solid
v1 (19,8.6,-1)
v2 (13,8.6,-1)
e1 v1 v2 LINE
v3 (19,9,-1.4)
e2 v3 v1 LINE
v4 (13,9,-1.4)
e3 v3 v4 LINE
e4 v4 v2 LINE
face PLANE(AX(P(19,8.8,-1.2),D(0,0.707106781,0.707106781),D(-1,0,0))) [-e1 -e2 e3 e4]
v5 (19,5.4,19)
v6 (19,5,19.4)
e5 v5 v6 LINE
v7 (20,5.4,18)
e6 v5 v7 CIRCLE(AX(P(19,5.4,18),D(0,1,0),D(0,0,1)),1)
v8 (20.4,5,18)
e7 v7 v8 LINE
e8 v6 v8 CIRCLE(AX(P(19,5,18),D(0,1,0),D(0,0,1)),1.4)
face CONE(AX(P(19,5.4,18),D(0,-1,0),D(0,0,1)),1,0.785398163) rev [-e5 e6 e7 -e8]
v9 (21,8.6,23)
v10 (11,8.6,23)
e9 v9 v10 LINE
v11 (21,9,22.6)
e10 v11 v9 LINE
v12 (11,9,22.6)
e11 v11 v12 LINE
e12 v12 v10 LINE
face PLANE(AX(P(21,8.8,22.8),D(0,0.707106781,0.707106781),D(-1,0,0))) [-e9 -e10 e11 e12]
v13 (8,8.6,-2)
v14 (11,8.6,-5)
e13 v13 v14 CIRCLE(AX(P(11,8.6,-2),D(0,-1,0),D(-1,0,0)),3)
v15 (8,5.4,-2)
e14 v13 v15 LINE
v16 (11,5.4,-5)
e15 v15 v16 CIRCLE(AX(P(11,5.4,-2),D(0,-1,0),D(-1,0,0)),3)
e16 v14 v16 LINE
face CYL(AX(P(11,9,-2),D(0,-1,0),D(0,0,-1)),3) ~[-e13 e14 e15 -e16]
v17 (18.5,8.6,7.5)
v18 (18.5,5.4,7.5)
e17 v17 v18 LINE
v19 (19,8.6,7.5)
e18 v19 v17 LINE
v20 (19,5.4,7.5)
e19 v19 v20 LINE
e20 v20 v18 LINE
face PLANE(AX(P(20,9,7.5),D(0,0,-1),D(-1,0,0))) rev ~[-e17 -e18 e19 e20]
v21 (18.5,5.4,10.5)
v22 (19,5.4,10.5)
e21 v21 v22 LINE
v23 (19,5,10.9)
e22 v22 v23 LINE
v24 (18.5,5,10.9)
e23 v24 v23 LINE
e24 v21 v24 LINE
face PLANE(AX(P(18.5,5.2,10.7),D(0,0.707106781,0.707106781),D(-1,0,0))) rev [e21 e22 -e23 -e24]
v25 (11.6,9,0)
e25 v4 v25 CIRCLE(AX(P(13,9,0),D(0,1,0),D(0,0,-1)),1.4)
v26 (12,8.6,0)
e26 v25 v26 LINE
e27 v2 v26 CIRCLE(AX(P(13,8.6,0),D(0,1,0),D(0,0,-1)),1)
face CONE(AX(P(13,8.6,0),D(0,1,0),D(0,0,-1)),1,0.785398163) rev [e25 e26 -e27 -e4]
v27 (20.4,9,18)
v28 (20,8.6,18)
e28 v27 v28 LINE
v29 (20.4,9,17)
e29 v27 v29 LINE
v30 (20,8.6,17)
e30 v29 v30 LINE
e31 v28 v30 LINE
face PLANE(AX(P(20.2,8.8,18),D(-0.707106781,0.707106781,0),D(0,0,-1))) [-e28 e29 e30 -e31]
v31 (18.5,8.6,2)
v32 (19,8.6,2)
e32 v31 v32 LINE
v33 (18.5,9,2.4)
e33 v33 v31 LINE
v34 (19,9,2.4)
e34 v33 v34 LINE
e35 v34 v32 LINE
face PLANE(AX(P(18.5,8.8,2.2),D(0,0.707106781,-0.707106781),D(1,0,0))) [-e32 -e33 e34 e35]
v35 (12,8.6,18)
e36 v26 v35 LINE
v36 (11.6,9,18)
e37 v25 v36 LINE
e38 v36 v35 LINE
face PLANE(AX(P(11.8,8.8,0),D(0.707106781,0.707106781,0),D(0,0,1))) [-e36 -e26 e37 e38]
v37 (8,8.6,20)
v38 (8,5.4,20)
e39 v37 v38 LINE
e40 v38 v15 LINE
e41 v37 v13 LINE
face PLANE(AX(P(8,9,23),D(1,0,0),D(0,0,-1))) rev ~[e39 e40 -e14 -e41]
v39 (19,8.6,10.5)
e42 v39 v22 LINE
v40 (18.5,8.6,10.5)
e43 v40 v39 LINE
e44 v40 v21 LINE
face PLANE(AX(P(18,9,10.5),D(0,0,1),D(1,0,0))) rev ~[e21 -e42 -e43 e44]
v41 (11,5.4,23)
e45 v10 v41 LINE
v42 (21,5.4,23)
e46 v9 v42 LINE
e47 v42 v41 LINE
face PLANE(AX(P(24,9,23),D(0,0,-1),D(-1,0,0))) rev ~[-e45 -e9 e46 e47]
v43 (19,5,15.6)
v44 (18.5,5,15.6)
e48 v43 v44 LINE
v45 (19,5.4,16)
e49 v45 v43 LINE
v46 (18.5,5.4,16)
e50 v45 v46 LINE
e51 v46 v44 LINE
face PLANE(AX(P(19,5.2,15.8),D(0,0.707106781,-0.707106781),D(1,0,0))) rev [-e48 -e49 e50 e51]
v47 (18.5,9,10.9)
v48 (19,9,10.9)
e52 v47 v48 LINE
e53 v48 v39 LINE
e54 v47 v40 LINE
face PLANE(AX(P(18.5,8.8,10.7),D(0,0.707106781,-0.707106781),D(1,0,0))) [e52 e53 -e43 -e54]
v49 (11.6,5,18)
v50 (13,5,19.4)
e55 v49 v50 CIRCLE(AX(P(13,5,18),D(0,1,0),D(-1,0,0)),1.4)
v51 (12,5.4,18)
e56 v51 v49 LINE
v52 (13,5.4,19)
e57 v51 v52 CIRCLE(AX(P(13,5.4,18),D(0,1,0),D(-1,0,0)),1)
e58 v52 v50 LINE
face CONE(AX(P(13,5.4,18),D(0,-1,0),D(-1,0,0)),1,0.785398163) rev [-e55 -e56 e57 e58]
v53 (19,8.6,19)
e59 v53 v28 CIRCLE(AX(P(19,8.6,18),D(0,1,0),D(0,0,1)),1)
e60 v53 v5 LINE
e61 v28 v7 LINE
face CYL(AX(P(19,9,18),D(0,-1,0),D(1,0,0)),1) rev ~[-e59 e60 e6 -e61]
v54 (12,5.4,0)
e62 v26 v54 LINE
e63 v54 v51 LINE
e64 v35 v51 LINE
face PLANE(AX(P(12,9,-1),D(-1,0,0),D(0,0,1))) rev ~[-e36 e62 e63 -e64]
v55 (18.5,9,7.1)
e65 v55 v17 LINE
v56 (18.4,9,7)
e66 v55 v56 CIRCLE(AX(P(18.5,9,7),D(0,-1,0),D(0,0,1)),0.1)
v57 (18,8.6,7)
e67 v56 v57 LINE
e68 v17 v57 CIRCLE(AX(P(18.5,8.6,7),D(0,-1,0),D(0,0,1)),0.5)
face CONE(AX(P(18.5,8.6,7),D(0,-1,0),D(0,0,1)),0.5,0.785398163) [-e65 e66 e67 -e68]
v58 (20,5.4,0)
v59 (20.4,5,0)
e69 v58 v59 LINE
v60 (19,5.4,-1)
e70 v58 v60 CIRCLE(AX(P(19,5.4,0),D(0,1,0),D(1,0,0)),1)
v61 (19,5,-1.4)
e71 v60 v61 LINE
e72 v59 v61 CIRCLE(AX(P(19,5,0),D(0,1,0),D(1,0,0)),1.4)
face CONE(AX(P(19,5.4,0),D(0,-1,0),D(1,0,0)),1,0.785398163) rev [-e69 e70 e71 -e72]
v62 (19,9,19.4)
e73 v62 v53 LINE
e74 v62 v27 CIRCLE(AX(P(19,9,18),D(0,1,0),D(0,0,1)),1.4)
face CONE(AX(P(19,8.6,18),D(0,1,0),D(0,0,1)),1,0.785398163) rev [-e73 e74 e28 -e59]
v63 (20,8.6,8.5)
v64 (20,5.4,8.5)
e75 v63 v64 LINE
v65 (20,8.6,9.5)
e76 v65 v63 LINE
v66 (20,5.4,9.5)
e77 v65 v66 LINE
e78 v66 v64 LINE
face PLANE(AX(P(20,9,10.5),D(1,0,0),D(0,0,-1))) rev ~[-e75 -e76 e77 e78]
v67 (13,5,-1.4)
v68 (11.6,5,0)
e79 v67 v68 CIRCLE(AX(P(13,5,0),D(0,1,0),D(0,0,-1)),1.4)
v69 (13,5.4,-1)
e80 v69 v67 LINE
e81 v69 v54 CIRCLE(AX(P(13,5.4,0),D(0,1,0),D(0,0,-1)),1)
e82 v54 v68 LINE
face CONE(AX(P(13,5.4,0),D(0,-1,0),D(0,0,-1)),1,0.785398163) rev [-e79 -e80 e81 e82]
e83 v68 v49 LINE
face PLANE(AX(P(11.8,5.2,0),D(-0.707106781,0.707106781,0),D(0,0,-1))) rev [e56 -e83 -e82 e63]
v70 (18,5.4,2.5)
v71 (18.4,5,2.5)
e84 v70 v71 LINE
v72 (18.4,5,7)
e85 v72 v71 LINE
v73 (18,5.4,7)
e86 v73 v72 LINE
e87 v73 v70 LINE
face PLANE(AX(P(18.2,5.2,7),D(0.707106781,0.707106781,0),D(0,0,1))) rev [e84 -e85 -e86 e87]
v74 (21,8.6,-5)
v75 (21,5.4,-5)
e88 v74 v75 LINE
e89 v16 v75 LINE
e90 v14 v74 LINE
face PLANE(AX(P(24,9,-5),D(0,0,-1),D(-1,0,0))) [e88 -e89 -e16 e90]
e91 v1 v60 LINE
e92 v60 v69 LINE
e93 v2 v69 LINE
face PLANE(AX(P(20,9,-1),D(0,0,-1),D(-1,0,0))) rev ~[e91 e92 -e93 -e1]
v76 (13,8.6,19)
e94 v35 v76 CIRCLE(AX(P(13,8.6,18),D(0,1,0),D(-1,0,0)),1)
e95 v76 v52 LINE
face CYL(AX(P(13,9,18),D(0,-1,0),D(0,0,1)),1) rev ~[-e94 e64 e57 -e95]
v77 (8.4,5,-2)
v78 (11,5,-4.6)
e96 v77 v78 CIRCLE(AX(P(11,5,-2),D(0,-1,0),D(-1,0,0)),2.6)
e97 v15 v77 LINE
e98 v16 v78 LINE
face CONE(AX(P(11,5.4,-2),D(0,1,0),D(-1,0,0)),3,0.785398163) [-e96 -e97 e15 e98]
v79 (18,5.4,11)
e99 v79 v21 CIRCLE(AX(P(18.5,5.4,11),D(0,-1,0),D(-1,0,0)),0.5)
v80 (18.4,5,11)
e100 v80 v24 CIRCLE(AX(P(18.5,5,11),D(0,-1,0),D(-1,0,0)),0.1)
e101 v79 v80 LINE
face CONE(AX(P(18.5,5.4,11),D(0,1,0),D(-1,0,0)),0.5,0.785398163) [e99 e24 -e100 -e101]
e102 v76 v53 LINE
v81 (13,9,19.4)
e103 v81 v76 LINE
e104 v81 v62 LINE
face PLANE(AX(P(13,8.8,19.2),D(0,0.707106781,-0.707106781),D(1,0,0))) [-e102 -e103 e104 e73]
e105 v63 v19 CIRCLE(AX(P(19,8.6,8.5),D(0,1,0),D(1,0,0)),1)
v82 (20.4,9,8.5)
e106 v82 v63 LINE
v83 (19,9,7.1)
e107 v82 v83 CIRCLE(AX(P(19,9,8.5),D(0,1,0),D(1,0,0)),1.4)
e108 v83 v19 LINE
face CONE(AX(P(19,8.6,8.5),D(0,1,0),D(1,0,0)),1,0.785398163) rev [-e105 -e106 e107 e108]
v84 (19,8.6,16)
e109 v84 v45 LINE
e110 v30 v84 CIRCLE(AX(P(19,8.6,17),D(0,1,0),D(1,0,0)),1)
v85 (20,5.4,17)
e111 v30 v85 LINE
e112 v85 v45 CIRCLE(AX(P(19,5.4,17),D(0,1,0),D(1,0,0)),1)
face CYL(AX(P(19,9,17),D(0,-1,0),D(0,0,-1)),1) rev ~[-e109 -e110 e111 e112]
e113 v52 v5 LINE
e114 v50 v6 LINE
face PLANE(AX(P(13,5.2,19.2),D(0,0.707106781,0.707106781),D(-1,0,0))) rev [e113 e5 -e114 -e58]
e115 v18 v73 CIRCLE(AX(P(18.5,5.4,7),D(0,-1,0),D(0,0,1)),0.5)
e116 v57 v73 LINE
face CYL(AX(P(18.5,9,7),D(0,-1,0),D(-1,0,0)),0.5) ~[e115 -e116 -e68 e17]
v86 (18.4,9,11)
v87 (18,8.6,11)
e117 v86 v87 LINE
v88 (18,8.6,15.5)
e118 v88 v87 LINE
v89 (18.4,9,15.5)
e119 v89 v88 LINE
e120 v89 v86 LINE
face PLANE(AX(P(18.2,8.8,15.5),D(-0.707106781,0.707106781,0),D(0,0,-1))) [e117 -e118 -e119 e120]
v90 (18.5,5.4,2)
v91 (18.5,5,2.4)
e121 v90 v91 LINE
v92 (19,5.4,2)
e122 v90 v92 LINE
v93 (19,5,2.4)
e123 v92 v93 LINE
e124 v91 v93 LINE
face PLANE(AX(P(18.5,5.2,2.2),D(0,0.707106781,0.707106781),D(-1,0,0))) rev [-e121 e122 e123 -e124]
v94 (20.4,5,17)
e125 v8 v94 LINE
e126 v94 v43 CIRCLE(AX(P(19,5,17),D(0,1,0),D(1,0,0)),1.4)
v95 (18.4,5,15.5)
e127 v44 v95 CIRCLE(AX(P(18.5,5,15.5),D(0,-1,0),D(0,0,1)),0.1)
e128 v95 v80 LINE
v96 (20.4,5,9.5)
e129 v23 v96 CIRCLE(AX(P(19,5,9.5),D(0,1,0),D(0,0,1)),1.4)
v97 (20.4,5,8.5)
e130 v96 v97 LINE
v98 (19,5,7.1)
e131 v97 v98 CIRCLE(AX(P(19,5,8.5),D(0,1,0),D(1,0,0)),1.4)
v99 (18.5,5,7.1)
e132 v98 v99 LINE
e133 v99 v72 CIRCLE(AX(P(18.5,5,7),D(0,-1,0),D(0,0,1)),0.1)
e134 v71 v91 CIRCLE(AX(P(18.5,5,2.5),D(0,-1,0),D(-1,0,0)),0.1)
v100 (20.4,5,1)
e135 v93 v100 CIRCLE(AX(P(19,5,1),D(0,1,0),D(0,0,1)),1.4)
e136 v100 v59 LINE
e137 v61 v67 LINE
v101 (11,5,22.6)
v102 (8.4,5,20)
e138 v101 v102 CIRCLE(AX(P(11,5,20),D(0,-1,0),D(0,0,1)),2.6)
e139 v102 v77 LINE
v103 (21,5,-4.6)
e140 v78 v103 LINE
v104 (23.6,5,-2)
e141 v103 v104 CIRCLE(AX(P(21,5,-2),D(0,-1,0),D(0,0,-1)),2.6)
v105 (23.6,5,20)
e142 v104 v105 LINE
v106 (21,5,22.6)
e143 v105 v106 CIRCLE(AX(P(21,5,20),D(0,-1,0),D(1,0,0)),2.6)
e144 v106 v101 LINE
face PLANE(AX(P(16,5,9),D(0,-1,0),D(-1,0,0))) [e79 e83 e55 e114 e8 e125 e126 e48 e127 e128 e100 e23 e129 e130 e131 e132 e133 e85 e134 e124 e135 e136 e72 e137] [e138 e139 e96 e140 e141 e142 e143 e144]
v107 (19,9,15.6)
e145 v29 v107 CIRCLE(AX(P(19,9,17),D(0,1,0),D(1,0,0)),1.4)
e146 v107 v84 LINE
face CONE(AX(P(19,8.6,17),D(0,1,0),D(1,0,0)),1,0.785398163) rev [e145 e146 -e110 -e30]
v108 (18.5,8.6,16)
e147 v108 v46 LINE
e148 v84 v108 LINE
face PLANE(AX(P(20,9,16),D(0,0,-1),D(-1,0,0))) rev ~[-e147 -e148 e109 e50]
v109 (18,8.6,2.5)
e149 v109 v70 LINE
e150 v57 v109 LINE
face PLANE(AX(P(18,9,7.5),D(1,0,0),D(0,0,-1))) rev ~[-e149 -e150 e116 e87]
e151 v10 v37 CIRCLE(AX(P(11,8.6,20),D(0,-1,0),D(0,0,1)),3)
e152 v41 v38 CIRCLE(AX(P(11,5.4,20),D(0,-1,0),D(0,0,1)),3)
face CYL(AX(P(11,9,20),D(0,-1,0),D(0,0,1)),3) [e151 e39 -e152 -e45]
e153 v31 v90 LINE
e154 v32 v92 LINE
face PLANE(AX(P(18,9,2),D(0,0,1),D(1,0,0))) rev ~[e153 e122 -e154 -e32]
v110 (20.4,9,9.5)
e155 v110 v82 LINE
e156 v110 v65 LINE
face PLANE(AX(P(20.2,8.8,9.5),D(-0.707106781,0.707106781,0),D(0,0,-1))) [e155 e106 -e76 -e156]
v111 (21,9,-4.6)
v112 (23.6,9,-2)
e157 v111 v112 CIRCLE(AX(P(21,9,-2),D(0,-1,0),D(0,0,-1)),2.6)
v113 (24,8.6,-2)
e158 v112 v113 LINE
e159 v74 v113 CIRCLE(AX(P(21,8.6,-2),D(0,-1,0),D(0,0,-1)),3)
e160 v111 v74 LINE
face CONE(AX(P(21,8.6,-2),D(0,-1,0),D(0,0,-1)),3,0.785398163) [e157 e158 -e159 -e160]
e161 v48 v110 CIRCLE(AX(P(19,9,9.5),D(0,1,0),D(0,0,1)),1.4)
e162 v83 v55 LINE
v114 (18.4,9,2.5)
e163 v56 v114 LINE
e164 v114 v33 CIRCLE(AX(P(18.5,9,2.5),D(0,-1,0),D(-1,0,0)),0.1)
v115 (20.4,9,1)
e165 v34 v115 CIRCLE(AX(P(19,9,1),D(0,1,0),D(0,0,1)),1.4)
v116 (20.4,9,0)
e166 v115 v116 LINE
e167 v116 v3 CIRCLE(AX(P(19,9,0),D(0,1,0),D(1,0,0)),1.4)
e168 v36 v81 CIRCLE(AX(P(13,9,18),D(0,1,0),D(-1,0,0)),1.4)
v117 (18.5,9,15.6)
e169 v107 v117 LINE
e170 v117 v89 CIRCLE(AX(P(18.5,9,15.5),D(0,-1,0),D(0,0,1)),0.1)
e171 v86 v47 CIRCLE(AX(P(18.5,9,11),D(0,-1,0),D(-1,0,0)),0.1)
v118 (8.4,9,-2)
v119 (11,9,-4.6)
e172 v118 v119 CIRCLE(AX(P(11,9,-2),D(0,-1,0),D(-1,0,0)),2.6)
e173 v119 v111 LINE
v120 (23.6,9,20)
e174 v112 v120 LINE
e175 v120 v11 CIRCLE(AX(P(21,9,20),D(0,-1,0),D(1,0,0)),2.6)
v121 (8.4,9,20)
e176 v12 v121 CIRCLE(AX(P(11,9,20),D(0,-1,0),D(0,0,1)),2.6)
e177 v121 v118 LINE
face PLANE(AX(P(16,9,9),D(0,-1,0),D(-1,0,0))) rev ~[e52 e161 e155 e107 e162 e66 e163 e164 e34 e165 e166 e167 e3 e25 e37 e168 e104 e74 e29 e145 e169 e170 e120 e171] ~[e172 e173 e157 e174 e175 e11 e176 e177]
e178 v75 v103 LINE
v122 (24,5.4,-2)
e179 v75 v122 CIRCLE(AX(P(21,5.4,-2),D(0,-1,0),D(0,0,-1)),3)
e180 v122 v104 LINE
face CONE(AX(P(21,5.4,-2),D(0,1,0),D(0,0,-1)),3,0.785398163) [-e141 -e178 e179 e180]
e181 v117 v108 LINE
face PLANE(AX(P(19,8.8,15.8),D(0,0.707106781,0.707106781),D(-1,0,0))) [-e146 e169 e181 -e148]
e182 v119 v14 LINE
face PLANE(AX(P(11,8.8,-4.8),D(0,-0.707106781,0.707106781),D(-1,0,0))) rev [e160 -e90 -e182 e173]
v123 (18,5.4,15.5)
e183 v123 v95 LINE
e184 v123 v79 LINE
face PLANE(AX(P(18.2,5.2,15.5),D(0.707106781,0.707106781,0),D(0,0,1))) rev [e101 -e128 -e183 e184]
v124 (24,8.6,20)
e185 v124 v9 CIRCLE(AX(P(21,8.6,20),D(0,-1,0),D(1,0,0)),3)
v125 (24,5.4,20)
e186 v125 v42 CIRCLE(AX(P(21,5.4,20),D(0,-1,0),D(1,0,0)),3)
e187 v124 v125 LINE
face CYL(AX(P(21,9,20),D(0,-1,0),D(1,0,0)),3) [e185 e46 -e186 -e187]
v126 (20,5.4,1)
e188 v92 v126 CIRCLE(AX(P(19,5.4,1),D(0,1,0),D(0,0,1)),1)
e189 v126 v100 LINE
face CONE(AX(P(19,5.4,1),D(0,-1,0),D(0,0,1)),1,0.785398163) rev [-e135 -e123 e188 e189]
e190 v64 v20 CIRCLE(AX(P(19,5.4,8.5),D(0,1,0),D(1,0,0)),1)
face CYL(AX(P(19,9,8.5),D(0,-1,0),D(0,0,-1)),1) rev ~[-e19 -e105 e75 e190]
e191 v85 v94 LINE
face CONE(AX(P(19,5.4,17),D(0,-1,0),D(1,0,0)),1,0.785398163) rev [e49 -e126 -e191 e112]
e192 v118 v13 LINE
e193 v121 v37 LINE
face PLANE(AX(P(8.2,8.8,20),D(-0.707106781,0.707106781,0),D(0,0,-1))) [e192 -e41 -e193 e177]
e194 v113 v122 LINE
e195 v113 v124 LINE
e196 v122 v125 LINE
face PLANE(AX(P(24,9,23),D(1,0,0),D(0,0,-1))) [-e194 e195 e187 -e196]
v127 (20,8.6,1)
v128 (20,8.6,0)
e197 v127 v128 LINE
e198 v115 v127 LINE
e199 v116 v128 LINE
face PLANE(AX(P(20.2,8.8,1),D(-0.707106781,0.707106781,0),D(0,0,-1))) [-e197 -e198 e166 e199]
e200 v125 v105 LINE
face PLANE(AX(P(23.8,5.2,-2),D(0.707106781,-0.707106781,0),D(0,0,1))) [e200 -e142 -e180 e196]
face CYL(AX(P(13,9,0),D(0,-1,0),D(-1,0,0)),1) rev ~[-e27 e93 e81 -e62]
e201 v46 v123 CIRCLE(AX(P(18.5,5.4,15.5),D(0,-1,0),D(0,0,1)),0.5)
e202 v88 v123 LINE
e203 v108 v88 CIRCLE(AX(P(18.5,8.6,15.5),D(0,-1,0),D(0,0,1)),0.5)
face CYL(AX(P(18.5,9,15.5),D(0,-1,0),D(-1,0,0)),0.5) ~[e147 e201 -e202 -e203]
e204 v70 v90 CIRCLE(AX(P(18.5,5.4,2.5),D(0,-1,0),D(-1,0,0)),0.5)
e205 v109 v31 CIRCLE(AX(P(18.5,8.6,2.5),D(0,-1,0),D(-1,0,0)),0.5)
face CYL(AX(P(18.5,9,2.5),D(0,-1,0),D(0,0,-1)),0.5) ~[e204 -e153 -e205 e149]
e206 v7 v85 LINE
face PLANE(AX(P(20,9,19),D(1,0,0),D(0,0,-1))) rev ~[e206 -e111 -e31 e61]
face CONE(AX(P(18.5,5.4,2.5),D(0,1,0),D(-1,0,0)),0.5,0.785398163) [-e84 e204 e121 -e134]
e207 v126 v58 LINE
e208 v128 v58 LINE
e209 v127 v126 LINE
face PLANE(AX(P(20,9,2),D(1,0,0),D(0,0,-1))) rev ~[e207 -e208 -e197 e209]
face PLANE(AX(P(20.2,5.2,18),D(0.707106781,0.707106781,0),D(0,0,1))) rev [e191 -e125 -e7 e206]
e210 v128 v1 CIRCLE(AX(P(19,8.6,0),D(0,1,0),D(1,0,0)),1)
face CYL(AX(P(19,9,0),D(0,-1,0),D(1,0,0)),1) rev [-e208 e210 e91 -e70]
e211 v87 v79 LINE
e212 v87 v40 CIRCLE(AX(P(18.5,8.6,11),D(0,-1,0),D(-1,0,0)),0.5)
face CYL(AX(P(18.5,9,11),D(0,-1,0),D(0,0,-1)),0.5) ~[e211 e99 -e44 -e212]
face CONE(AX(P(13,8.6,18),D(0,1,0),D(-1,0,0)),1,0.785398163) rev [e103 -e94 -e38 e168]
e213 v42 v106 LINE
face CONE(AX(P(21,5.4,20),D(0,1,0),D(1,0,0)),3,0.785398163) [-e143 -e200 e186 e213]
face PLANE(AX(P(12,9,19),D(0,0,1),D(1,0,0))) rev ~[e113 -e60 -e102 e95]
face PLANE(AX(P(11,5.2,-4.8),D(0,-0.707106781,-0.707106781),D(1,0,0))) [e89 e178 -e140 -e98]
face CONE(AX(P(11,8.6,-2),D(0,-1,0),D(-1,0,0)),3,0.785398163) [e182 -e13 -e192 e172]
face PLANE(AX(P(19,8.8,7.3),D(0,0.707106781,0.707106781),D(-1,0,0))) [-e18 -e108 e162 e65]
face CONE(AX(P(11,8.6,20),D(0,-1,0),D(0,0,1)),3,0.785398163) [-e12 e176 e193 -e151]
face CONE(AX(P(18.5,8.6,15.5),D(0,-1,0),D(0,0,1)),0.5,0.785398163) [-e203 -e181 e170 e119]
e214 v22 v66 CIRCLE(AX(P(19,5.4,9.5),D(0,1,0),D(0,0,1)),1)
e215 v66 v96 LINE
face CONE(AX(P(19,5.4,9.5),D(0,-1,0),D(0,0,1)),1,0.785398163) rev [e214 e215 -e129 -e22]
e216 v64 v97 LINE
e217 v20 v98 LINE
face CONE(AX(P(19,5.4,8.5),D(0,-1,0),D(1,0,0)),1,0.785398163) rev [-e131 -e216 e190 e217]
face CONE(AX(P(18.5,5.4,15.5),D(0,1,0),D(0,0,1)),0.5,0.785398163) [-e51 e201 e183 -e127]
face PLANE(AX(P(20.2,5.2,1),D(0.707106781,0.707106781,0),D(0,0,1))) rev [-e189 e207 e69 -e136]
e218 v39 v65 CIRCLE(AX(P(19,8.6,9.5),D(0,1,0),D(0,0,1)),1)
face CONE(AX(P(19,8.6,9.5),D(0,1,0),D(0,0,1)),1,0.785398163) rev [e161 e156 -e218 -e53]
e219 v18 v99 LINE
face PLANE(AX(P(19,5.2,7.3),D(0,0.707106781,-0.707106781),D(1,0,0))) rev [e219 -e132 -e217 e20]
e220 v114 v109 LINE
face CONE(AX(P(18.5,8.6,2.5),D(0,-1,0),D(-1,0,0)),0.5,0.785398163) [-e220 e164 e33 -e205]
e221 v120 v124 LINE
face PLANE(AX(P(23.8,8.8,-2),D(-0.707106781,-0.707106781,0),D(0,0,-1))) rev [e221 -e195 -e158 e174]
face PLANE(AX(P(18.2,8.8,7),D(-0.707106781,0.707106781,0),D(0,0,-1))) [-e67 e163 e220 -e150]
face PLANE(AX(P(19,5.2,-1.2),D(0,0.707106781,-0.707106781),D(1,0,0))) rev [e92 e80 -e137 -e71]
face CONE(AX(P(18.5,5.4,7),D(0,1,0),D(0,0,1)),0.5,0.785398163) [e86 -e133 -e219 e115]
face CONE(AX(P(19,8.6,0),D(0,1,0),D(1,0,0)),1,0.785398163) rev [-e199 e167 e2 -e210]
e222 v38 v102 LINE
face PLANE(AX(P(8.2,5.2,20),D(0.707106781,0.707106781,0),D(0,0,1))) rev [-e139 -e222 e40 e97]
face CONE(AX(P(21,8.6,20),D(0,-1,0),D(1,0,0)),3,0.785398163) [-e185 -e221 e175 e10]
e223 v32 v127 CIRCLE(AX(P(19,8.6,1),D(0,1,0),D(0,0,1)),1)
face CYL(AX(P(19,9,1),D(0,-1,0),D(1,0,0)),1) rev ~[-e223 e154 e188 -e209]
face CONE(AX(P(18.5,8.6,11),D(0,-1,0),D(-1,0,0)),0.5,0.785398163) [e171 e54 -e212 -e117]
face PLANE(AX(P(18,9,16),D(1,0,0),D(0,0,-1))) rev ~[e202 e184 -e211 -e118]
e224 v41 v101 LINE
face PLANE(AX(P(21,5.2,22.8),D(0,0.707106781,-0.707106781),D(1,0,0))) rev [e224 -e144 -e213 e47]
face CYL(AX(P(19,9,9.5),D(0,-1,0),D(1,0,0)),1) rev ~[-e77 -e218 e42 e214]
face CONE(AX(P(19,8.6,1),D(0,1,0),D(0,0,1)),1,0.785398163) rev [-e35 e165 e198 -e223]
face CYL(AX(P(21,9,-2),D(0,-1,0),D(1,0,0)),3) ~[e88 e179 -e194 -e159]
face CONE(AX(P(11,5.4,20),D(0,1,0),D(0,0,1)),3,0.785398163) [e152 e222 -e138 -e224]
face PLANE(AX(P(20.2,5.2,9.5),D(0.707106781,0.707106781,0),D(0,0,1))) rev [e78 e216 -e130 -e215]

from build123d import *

# Parameters (mm, degrees)
SKETCH006_W             = 16
SKETCH006_H             = 28
PAD001_DEPTH            = 4
FILLET002_R             = 3
FILLET003_R             = 1
FILLET004_R             = 0.5
CHAMFER005_SIZE         = 0.4
BODY002_PLACEMENT_ANGLE = 180


with BuildPart() as part:
    # Sketch006 → Pad001 (new body)
    with BuildSketch(Plane.XZ):
        with Locations((8, 14)):
            Rectangle(SKETCH006_W, SKETCH006_H)
        Polygon((4, 24), (12, 24), (12, 4), (4, 4), (4, 7), (6, 7), (6, 12.5), (4, 12.5), (4, 15.5), (6, 15.5), (6, 21), (4, 21), align=None, mode=Mode.SUBTRACT)
    extrude(amount=PAD001_DEPTH)

    # Fillet002
    fillet002_edges = [part.edges().sort_by_distance(p)[0] for p in [
        (0, -2, 0),
        (0, -2, 28),
        (16, -2, 28),
        (16, -2, 0),
    ]]
    fillet(fillet002_edges, radius=FILLET002_R)

    # Fillet003
    fillet003_edges = [part.edges().sort_by_distance(p)[0] for p in [
        (12, -2, 4),
        (12, -2, 24),
        (4, -2, 24),
        (4, -2, 15.5),
        (4, -2, 7),
        (4, -2, 21),
        (4, -2, 12.5),
        (4, -2, 4),
    ]]
    fillet(fillet003_edges, radius=FILLET003_R)

    # Fillet004
    fillet004_edges = [part.edges().sort_by_distance(p)[0] for p in [
        (6, -2, 21),
        (6, -2, 15.5),
        (6, -2, 12.5),
        (6, -2, 7),
    ]]
    fillet(fillet004_edges, radius=FILLET004_R)

    # Chamfer005
    chamfer005_edges = [part.edges().sort_by_distance(p)[0] for p in [
        (5.25, 0, 21),
        (5.853553, 0, 20.853553),
        (4.292893, 0, 21.292893),
        (6, 0, 18.25),
        (4, 0, 22.5),
        (5.853553, 0, 15.646447),
        (4.292893, 0, 23.707107),
        (5.25, 0, 15.5),
        (8, 0, 24),
        (4.292893, 0, 15.207107),
        (11.707107, 0, 23.707107),
        (4, 0, 14),
        (12, 0, 14),
        (4.292893, 0, 12.792893),
        (11.707107, 0, 4.292893),
        (5.25, 0, 12.5),
        (8, 0, 4),
        (5.853553, 0, 12.353553),
        (4.292893, 0, 4.292893),
        (6, 0, 9.75),
        (4, 0, 5.5),
        (5.853553, 0, 7.146447),
        (4.292893, 0, 6.707107),
        (5.25, 0, 7),
        (8, 0, 0),
        (0.87868, 0, 0.87868),
        (15.12132, 0, 0.87868),
        (0, 0, 14),
        (16, 0, 14),
        (0.87868, 0, 27.12132),
        (15.12132, 0, 27.12132),
        (8, 0, 28),
        (5.25, -4, 21),
        (5.853553, -4, 20.853553),
        (4.292893, -4, 21.292893),
        (6, -4, 18.25),
        (4, -4, 22.5),
        (5.853553, -4, 15.646447),
        (4.292893, -4, 23.707107),
        (5.25, -4, 15.5),
        (8, -4, 24),
        (4.292893, -4, 15.207107),
        (11.707107, -4, 23.707107),
        (4, -4, 14),
        (12, -4, 14),
        (4.292893, -4, 12.792893),
        (11.707107, -4, 4.292893),
        (5.25, -4, 12.5),
        (8, -4, 4),
        (5.853553, -4, 12.353553),
        (4.292893, -4, 4.292893),
        (6, -4, 9.75),
        (4, -4, 5.5),
        (5.853553, -4, 7.146447),
        (4.292893, -4, 6.707107),
        (5.25, -4, 7),
        (8, -4, 0),
        (0.87868, -4, 0.87868),
        (15.12132, -4, 0.87868),
        (0, -4, 14),
        (16, -4, 14),
        (0.87868, -4, 27.12132),
        (15.12132, -4, 27.12132),
        (8, -4, 28),
    ]]
    chamfer(chamfer005_edges, length=CHAMFER005_SIZE)


with BuildPart() as part_1:
    # Body002 placement: moved
    add(part.part.moved(Location((24, 9, 23))).rotate(Axis((24, 9, 23), (0, 1, 0)), BODY002_PLACEMENT_ANGLE))


solid = part_1.part
